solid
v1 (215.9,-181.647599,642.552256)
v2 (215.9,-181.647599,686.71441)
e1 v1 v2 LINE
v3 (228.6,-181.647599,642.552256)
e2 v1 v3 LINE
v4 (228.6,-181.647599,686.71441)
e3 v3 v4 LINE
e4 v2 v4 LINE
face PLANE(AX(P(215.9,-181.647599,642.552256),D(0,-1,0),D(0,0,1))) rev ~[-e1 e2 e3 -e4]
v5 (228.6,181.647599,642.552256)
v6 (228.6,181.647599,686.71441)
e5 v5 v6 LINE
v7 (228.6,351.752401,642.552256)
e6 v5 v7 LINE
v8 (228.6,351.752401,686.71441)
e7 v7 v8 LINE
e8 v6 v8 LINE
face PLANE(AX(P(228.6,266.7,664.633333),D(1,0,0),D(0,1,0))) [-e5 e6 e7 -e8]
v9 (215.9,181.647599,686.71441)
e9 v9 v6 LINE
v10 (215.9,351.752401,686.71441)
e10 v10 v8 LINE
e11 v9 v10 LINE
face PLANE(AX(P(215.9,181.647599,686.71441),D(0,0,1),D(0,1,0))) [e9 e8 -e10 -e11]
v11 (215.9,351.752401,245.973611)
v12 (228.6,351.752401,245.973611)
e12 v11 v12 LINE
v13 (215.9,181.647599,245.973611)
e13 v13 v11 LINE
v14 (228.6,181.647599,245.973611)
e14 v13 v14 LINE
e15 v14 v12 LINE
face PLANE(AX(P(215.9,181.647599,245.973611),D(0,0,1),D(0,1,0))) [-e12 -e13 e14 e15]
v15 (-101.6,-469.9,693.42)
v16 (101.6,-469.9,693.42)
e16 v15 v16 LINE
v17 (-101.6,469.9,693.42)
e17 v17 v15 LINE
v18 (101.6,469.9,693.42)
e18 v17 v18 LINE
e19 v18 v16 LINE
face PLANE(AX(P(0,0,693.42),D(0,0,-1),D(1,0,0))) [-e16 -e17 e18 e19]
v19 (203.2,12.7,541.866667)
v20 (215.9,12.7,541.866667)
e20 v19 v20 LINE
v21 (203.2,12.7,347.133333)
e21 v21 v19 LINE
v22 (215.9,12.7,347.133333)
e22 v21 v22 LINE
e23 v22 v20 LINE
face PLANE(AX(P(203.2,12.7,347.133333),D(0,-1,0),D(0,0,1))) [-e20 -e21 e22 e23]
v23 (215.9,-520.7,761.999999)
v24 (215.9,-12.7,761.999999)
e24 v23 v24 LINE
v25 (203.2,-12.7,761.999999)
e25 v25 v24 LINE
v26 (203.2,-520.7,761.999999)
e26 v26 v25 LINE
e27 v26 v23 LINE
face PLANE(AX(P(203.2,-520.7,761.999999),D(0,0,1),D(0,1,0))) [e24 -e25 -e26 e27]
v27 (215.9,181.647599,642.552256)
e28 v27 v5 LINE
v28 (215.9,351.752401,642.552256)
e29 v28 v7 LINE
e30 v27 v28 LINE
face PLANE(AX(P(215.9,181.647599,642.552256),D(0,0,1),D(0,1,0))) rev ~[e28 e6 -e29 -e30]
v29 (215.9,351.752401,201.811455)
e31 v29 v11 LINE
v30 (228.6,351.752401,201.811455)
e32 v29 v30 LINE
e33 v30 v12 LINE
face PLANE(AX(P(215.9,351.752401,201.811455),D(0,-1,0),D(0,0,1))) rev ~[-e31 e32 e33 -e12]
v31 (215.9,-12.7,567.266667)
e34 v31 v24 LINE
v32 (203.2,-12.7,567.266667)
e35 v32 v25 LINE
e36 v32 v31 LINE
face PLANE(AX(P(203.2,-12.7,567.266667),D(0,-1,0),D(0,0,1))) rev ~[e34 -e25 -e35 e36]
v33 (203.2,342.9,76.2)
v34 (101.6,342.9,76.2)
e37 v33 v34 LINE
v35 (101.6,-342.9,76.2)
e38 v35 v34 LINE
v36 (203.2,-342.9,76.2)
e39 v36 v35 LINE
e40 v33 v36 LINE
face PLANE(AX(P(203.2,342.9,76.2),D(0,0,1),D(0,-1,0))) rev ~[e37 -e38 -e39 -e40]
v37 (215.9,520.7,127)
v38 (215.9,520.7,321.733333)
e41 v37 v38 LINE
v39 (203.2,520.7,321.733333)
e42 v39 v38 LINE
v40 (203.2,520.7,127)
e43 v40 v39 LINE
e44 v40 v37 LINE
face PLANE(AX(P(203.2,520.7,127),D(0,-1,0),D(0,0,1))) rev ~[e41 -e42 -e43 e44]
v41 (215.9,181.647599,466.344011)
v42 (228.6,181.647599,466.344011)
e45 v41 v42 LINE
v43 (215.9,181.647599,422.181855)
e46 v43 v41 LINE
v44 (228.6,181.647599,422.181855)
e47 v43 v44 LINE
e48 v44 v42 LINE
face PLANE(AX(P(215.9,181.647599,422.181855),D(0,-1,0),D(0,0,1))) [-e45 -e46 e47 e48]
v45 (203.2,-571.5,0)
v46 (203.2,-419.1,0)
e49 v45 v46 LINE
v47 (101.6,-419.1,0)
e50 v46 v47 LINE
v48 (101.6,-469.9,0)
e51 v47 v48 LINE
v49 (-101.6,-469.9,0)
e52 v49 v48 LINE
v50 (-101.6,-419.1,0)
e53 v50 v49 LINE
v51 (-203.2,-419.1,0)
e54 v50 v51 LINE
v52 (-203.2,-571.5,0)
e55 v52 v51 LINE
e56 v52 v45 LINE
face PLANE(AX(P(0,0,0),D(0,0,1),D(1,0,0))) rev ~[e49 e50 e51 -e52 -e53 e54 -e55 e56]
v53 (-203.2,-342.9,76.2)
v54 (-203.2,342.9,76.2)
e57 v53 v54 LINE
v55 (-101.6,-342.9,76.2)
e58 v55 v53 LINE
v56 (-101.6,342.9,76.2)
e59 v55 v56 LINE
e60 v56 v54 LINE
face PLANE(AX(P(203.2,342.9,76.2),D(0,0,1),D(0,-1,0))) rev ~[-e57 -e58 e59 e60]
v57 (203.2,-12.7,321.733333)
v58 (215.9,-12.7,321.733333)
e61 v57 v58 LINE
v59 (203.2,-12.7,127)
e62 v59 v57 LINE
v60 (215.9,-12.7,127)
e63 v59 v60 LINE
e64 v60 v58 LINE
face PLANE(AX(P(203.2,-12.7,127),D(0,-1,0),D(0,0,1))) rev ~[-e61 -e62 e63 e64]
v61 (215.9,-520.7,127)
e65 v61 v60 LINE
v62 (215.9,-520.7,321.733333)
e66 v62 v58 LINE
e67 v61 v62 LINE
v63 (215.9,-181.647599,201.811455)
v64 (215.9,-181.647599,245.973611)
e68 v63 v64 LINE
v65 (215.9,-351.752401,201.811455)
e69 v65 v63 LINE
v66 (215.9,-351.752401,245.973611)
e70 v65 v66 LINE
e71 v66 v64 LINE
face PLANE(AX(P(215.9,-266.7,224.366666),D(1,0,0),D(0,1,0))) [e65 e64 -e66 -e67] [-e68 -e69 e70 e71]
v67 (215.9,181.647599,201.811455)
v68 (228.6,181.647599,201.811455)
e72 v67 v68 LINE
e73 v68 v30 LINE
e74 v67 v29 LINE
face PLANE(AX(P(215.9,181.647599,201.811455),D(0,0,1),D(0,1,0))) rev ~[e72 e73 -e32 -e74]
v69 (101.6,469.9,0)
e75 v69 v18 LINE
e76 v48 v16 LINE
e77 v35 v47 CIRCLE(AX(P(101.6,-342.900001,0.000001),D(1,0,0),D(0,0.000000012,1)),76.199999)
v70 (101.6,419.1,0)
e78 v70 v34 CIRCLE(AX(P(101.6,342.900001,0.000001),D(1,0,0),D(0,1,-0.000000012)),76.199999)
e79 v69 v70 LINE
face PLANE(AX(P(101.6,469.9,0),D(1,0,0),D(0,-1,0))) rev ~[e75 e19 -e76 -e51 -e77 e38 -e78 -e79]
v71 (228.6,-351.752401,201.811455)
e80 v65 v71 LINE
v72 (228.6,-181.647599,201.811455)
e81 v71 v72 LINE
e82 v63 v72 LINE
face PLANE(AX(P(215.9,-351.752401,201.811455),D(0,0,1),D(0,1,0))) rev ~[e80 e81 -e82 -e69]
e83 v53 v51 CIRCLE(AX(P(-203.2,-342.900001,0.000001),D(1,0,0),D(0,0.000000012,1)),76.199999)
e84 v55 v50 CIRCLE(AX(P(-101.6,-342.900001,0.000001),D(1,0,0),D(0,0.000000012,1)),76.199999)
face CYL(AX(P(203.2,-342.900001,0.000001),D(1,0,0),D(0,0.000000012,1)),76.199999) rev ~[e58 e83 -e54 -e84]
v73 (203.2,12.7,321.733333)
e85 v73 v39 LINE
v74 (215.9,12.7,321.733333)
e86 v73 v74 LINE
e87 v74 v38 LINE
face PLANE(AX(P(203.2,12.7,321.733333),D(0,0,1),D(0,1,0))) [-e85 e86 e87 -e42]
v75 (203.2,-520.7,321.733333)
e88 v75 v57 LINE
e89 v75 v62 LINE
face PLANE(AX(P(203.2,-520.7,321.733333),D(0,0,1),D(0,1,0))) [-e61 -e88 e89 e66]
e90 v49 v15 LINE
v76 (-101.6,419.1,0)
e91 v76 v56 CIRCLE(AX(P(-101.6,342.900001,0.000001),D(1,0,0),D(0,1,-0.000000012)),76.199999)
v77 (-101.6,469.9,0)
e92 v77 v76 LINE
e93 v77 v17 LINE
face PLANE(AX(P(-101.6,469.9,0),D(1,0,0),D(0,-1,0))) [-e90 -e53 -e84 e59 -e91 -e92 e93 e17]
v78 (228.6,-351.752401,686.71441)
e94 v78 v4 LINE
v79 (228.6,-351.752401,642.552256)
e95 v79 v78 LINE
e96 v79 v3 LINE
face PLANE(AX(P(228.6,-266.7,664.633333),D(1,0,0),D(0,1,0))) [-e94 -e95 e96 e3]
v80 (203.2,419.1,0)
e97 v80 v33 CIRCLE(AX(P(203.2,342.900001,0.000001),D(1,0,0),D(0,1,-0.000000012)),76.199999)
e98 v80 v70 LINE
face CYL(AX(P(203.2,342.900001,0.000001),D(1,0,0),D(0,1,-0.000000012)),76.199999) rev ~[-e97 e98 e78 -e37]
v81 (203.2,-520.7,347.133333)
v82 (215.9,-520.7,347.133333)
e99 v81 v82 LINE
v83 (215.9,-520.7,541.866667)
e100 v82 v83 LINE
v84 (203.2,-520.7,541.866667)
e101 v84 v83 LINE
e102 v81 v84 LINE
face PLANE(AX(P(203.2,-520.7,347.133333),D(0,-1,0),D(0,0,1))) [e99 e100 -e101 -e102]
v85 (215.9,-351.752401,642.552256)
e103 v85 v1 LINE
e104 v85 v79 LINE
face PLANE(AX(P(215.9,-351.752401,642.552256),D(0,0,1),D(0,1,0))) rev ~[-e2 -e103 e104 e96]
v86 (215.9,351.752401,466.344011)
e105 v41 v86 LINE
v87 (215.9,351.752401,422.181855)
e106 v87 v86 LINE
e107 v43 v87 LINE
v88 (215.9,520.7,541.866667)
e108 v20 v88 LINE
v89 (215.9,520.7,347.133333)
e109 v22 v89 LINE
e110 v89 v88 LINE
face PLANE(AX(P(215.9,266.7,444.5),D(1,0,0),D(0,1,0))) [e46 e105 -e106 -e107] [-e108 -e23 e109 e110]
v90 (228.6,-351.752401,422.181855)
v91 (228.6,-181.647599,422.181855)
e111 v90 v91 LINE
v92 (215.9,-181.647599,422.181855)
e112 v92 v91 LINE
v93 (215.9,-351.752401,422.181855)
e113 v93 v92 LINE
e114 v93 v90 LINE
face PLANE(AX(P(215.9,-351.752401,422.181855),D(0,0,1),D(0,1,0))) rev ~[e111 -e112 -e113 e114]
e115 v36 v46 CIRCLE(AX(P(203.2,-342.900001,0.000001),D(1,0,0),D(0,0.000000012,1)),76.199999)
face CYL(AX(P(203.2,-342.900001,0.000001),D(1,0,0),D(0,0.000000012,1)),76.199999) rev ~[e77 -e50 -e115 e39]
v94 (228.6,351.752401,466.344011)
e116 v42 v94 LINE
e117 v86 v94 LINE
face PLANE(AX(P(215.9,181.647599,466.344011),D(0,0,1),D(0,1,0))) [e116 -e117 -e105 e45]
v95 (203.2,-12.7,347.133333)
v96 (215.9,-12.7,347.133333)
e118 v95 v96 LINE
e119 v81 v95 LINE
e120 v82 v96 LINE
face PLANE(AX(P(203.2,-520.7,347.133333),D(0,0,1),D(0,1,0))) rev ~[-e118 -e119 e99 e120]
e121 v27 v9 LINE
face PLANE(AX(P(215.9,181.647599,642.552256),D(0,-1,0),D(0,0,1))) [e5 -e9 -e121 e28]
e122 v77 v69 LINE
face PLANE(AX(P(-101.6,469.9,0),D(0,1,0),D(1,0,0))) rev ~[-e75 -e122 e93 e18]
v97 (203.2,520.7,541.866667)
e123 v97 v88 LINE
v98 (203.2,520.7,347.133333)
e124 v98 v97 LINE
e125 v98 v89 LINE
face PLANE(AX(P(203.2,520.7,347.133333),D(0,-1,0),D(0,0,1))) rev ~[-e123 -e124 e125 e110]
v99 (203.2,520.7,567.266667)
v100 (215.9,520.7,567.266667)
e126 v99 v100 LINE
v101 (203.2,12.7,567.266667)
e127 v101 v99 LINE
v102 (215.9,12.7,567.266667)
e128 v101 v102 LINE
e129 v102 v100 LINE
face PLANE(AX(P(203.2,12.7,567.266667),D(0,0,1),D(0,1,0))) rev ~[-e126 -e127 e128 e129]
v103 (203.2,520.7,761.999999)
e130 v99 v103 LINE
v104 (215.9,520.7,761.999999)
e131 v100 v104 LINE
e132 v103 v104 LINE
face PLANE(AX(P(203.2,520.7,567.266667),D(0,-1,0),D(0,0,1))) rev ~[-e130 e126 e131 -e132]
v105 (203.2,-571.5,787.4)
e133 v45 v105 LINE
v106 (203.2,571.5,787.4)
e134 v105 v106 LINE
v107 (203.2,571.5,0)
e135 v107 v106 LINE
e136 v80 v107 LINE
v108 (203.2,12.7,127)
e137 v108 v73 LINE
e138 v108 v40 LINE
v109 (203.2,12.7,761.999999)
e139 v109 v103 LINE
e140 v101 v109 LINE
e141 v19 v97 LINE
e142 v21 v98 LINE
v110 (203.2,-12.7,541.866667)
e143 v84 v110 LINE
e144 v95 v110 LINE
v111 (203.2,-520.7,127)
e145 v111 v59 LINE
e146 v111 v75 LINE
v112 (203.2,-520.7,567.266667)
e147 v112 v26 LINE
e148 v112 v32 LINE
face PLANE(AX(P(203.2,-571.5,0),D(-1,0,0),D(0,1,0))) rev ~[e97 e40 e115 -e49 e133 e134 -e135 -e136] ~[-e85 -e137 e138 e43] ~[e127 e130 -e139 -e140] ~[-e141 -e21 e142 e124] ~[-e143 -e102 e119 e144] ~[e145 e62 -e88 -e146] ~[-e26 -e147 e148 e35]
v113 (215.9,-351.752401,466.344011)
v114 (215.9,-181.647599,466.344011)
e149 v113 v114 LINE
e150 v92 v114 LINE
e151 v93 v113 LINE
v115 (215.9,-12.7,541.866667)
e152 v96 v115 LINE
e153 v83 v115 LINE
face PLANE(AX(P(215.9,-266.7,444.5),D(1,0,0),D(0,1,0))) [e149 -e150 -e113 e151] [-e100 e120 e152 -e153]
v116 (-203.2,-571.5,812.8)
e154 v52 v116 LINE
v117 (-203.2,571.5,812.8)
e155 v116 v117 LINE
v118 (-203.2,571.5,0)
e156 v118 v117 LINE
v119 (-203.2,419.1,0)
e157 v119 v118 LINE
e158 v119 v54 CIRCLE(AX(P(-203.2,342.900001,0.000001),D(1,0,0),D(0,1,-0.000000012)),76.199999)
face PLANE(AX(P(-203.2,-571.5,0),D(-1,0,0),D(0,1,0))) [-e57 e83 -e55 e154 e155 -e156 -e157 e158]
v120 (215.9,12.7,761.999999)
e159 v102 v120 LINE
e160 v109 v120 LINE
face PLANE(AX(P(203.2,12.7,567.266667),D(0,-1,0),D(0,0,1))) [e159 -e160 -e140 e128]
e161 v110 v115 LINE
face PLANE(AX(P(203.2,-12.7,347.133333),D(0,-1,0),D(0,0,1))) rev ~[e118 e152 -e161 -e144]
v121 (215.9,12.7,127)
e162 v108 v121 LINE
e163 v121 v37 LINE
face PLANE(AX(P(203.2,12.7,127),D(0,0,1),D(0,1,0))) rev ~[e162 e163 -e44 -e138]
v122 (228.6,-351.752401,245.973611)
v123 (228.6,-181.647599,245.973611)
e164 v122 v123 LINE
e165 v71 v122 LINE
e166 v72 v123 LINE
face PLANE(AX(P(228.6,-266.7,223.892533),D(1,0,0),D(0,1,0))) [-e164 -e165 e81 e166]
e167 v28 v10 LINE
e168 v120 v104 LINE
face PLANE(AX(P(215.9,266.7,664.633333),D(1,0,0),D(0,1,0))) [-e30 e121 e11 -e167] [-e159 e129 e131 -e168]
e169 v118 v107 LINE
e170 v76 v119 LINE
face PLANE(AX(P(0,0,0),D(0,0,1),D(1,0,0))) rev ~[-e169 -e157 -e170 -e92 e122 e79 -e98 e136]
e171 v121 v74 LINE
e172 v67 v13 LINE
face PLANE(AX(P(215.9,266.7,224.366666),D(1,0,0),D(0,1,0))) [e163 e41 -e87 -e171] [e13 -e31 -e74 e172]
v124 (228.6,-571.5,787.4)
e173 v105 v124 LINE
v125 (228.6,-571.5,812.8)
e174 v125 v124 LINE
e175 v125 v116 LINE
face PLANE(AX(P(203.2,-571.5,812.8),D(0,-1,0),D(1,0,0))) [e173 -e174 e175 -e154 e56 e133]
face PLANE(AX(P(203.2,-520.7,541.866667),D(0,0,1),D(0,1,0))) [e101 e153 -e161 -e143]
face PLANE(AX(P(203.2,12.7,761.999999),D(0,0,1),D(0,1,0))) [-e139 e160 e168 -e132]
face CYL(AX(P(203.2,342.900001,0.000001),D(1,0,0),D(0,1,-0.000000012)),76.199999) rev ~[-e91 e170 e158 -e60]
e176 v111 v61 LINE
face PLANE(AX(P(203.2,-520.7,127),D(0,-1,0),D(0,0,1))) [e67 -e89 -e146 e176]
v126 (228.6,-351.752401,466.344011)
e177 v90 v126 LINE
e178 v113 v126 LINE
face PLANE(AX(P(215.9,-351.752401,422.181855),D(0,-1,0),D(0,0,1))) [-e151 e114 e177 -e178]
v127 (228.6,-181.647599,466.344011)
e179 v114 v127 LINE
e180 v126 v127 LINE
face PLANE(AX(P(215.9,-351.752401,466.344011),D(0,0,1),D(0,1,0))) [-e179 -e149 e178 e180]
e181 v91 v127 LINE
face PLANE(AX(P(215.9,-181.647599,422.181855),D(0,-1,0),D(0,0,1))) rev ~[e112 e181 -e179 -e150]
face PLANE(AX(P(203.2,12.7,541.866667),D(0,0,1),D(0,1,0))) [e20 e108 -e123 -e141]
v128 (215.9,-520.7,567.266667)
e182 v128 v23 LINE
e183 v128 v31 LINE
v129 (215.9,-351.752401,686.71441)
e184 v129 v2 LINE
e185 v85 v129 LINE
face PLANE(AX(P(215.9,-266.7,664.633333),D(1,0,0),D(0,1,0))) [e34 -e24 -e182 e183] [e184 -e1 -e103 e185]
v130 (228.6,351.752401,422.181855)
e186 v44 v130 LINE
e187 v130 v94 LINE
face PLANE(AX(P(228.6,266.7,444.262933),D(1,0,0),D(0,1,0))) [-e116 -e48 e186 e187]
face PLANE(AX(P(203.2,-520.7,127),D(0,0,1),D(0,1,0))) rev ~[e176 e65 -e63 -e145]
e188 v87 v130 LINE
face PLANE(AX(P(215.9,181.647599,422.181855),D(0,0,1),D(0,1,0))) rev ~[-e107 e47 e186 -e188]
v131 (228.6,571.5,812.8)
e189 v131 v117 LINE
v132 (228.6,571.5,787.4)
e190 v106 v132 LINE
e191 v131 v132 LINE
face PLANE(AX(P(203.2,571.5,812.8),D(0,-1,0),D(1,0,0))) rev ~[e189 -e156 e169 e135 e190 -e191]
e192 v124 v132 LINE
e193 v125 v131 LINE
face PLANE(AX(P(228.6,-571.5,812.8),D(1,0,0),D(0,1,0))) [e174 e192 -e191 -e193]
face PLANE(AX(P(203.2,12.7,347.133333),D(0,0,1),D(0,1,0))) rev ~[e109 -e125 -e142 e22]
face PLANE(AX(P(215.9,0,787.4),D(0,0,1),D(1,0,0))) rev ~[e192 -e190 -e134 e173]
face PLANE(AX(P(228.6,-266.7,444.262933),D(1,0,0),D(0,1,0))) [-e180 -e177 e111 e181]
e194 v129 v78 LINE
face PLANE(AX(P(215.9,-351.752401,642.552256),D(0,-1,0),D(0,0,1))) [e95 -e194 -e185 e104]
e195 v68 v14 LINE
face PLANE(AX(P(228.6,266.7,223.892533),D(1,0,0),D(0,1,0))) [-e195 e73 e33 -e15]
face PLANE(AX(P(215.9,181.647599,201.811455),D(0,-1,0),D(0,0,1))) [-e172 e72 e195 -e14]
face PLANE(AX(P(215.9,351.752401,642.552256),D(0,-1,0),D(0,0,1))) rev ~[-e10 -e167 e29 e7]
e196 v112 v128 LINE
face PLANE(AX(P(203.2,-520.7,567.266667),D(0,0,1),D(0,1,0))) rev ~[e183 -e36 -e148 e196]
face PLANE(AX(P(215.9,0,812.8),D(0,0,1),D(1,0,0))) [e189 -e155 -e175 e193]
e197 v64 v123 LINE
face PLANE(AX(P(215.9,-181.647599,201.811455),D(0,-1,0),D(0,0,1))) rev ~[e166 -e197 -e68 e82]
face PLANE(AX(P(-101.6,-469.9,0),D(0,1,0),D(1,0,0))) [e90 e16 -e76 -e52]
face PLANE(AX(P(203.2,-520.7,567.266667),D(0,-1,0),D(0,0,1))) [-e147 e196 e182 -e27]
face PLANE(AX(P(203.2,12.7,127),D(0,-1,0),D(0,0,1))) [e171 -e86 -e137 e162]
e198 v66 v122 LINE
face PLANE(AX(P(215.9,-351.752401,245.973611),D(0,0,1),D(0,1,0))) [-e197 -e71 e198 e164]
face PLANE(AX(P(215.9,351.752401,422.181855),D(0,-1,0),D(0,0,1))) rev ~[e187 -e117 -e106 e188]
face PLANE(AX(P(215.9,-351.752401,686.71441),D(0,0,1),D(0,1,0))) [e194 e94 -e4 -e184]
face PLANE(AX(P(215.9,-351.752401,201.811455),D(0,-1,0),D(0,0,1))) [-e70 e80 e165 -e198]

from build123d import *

# Parameters (mm, degrees)
F0_W      = 406.4
F0_H      = 1143
F1_DEPTH  = 812.8
F2_W      = 25.4
F2_H      = 1143
F3_DEPTH  = 25.4
F4_W      = 508
F4_H      = 194.733333
F4_H_2    = 194.733334
F5_DEPTH  = 12.7
F6_DEPTH  = 406.401
F7_W      = 170.104802
F7_H      = 44.162155
F8_DEPTH  = 12.7
F9_W      = 203.2
F9_H      = 939.8
F10_DEPTH = 693.42


with BuildPart() as f1:
    # F0 (on Top) → F1 (new body)
    with BuildSketch(Plane.XY):
        Rectangle(F0_W, F0_H)
    extrude(amount=F1_DEPTH)

    # F2 (on face) → F3 (join)
    with BuildSketch(Plane.XY.offset(812.8)):
        with Locations((215.9, 0)):
            Rectangle(F2_W, F2_H)
    extrude(amount=-F3_DEPTH)

    # F4 (on face) → F5 (join)
    with BuildSketch(Plane.YZ.offset(203.2)):
        with Locations((-266.7, 664.633333)):
            Rectangle(F4_W, F4_H)
        with Locations((266.7, 664.633333)):
            Rectangle(F4_W, F4_H)
        with Locations((266.7, 444.5)):
            Rectangle(F4_W, F4_H_2)
        with Locations((-266.7, 444.5)):
            Rectangle(F4_W, F4_H_2)
        with Locations((-266.7, 224.366666)):
            Rectangle(F4_W, F4_H)
        with Locations((266.7, 224.366666)):
            Rectangle(F4_W, F4_H)
    extrude(amount=F5_DEPTH)

    # F4 (on face) → F6 (cut, through all)
    with BuildSketch(Plane.YZ.offset(203.2)):
        with BuildLine():
            Line((342.9, 76.2), (-342.9, 76.2))
            ThreePointArc((-342.9, 76.2), (-396.781537, 53.881537), (-419.1, 0))
            Line((-419.1, 0), (419.1, 0))
            ThreePointArc((419.1, 0), (396.781537, 53.881537), (342.9, 76.2))
        make_face()
    extrude(amount=-F6_DEPTH, mode=Mode.SUBTRACT)

    # F7 (on face) → F8 (join)
    with BuildSketch(Plane.YZ.offset(215.9)):
        with Locations((-266.7, 664.633333)):
            Rectangle(F7_W, F7_H)
        with Locations((266.7, 664.633333)):
            Rectangle(F7_W, F7_H)
        with Locations((266.7, 444.262933)):
            Rectangle(F7_W, F7_H)
        with Locations((266.7, 223.892533)):
            Rectangle(F7_W, F7_H)
        with Locations((-266.7, 223.892533)):
            Rectangle(F7_W, F7_H)
        with Locations((-266.7, 444.262933)):
            Rectangle(F7_W, F7_H)
    extrude(amount=F8_DEPTH)

    # F9 (on face) → F10 (cut)
    with BuildSketch(Plane(origin=(0, 0, 0), x_dir=(1, 0, 0), z_dir=(0, 0, -1))):
        Rectangle(F9_W, F9_H)
    extrude(amount=-F10_DEPTH, mode=Mode.SUBTRACT)


solid = f1.part
